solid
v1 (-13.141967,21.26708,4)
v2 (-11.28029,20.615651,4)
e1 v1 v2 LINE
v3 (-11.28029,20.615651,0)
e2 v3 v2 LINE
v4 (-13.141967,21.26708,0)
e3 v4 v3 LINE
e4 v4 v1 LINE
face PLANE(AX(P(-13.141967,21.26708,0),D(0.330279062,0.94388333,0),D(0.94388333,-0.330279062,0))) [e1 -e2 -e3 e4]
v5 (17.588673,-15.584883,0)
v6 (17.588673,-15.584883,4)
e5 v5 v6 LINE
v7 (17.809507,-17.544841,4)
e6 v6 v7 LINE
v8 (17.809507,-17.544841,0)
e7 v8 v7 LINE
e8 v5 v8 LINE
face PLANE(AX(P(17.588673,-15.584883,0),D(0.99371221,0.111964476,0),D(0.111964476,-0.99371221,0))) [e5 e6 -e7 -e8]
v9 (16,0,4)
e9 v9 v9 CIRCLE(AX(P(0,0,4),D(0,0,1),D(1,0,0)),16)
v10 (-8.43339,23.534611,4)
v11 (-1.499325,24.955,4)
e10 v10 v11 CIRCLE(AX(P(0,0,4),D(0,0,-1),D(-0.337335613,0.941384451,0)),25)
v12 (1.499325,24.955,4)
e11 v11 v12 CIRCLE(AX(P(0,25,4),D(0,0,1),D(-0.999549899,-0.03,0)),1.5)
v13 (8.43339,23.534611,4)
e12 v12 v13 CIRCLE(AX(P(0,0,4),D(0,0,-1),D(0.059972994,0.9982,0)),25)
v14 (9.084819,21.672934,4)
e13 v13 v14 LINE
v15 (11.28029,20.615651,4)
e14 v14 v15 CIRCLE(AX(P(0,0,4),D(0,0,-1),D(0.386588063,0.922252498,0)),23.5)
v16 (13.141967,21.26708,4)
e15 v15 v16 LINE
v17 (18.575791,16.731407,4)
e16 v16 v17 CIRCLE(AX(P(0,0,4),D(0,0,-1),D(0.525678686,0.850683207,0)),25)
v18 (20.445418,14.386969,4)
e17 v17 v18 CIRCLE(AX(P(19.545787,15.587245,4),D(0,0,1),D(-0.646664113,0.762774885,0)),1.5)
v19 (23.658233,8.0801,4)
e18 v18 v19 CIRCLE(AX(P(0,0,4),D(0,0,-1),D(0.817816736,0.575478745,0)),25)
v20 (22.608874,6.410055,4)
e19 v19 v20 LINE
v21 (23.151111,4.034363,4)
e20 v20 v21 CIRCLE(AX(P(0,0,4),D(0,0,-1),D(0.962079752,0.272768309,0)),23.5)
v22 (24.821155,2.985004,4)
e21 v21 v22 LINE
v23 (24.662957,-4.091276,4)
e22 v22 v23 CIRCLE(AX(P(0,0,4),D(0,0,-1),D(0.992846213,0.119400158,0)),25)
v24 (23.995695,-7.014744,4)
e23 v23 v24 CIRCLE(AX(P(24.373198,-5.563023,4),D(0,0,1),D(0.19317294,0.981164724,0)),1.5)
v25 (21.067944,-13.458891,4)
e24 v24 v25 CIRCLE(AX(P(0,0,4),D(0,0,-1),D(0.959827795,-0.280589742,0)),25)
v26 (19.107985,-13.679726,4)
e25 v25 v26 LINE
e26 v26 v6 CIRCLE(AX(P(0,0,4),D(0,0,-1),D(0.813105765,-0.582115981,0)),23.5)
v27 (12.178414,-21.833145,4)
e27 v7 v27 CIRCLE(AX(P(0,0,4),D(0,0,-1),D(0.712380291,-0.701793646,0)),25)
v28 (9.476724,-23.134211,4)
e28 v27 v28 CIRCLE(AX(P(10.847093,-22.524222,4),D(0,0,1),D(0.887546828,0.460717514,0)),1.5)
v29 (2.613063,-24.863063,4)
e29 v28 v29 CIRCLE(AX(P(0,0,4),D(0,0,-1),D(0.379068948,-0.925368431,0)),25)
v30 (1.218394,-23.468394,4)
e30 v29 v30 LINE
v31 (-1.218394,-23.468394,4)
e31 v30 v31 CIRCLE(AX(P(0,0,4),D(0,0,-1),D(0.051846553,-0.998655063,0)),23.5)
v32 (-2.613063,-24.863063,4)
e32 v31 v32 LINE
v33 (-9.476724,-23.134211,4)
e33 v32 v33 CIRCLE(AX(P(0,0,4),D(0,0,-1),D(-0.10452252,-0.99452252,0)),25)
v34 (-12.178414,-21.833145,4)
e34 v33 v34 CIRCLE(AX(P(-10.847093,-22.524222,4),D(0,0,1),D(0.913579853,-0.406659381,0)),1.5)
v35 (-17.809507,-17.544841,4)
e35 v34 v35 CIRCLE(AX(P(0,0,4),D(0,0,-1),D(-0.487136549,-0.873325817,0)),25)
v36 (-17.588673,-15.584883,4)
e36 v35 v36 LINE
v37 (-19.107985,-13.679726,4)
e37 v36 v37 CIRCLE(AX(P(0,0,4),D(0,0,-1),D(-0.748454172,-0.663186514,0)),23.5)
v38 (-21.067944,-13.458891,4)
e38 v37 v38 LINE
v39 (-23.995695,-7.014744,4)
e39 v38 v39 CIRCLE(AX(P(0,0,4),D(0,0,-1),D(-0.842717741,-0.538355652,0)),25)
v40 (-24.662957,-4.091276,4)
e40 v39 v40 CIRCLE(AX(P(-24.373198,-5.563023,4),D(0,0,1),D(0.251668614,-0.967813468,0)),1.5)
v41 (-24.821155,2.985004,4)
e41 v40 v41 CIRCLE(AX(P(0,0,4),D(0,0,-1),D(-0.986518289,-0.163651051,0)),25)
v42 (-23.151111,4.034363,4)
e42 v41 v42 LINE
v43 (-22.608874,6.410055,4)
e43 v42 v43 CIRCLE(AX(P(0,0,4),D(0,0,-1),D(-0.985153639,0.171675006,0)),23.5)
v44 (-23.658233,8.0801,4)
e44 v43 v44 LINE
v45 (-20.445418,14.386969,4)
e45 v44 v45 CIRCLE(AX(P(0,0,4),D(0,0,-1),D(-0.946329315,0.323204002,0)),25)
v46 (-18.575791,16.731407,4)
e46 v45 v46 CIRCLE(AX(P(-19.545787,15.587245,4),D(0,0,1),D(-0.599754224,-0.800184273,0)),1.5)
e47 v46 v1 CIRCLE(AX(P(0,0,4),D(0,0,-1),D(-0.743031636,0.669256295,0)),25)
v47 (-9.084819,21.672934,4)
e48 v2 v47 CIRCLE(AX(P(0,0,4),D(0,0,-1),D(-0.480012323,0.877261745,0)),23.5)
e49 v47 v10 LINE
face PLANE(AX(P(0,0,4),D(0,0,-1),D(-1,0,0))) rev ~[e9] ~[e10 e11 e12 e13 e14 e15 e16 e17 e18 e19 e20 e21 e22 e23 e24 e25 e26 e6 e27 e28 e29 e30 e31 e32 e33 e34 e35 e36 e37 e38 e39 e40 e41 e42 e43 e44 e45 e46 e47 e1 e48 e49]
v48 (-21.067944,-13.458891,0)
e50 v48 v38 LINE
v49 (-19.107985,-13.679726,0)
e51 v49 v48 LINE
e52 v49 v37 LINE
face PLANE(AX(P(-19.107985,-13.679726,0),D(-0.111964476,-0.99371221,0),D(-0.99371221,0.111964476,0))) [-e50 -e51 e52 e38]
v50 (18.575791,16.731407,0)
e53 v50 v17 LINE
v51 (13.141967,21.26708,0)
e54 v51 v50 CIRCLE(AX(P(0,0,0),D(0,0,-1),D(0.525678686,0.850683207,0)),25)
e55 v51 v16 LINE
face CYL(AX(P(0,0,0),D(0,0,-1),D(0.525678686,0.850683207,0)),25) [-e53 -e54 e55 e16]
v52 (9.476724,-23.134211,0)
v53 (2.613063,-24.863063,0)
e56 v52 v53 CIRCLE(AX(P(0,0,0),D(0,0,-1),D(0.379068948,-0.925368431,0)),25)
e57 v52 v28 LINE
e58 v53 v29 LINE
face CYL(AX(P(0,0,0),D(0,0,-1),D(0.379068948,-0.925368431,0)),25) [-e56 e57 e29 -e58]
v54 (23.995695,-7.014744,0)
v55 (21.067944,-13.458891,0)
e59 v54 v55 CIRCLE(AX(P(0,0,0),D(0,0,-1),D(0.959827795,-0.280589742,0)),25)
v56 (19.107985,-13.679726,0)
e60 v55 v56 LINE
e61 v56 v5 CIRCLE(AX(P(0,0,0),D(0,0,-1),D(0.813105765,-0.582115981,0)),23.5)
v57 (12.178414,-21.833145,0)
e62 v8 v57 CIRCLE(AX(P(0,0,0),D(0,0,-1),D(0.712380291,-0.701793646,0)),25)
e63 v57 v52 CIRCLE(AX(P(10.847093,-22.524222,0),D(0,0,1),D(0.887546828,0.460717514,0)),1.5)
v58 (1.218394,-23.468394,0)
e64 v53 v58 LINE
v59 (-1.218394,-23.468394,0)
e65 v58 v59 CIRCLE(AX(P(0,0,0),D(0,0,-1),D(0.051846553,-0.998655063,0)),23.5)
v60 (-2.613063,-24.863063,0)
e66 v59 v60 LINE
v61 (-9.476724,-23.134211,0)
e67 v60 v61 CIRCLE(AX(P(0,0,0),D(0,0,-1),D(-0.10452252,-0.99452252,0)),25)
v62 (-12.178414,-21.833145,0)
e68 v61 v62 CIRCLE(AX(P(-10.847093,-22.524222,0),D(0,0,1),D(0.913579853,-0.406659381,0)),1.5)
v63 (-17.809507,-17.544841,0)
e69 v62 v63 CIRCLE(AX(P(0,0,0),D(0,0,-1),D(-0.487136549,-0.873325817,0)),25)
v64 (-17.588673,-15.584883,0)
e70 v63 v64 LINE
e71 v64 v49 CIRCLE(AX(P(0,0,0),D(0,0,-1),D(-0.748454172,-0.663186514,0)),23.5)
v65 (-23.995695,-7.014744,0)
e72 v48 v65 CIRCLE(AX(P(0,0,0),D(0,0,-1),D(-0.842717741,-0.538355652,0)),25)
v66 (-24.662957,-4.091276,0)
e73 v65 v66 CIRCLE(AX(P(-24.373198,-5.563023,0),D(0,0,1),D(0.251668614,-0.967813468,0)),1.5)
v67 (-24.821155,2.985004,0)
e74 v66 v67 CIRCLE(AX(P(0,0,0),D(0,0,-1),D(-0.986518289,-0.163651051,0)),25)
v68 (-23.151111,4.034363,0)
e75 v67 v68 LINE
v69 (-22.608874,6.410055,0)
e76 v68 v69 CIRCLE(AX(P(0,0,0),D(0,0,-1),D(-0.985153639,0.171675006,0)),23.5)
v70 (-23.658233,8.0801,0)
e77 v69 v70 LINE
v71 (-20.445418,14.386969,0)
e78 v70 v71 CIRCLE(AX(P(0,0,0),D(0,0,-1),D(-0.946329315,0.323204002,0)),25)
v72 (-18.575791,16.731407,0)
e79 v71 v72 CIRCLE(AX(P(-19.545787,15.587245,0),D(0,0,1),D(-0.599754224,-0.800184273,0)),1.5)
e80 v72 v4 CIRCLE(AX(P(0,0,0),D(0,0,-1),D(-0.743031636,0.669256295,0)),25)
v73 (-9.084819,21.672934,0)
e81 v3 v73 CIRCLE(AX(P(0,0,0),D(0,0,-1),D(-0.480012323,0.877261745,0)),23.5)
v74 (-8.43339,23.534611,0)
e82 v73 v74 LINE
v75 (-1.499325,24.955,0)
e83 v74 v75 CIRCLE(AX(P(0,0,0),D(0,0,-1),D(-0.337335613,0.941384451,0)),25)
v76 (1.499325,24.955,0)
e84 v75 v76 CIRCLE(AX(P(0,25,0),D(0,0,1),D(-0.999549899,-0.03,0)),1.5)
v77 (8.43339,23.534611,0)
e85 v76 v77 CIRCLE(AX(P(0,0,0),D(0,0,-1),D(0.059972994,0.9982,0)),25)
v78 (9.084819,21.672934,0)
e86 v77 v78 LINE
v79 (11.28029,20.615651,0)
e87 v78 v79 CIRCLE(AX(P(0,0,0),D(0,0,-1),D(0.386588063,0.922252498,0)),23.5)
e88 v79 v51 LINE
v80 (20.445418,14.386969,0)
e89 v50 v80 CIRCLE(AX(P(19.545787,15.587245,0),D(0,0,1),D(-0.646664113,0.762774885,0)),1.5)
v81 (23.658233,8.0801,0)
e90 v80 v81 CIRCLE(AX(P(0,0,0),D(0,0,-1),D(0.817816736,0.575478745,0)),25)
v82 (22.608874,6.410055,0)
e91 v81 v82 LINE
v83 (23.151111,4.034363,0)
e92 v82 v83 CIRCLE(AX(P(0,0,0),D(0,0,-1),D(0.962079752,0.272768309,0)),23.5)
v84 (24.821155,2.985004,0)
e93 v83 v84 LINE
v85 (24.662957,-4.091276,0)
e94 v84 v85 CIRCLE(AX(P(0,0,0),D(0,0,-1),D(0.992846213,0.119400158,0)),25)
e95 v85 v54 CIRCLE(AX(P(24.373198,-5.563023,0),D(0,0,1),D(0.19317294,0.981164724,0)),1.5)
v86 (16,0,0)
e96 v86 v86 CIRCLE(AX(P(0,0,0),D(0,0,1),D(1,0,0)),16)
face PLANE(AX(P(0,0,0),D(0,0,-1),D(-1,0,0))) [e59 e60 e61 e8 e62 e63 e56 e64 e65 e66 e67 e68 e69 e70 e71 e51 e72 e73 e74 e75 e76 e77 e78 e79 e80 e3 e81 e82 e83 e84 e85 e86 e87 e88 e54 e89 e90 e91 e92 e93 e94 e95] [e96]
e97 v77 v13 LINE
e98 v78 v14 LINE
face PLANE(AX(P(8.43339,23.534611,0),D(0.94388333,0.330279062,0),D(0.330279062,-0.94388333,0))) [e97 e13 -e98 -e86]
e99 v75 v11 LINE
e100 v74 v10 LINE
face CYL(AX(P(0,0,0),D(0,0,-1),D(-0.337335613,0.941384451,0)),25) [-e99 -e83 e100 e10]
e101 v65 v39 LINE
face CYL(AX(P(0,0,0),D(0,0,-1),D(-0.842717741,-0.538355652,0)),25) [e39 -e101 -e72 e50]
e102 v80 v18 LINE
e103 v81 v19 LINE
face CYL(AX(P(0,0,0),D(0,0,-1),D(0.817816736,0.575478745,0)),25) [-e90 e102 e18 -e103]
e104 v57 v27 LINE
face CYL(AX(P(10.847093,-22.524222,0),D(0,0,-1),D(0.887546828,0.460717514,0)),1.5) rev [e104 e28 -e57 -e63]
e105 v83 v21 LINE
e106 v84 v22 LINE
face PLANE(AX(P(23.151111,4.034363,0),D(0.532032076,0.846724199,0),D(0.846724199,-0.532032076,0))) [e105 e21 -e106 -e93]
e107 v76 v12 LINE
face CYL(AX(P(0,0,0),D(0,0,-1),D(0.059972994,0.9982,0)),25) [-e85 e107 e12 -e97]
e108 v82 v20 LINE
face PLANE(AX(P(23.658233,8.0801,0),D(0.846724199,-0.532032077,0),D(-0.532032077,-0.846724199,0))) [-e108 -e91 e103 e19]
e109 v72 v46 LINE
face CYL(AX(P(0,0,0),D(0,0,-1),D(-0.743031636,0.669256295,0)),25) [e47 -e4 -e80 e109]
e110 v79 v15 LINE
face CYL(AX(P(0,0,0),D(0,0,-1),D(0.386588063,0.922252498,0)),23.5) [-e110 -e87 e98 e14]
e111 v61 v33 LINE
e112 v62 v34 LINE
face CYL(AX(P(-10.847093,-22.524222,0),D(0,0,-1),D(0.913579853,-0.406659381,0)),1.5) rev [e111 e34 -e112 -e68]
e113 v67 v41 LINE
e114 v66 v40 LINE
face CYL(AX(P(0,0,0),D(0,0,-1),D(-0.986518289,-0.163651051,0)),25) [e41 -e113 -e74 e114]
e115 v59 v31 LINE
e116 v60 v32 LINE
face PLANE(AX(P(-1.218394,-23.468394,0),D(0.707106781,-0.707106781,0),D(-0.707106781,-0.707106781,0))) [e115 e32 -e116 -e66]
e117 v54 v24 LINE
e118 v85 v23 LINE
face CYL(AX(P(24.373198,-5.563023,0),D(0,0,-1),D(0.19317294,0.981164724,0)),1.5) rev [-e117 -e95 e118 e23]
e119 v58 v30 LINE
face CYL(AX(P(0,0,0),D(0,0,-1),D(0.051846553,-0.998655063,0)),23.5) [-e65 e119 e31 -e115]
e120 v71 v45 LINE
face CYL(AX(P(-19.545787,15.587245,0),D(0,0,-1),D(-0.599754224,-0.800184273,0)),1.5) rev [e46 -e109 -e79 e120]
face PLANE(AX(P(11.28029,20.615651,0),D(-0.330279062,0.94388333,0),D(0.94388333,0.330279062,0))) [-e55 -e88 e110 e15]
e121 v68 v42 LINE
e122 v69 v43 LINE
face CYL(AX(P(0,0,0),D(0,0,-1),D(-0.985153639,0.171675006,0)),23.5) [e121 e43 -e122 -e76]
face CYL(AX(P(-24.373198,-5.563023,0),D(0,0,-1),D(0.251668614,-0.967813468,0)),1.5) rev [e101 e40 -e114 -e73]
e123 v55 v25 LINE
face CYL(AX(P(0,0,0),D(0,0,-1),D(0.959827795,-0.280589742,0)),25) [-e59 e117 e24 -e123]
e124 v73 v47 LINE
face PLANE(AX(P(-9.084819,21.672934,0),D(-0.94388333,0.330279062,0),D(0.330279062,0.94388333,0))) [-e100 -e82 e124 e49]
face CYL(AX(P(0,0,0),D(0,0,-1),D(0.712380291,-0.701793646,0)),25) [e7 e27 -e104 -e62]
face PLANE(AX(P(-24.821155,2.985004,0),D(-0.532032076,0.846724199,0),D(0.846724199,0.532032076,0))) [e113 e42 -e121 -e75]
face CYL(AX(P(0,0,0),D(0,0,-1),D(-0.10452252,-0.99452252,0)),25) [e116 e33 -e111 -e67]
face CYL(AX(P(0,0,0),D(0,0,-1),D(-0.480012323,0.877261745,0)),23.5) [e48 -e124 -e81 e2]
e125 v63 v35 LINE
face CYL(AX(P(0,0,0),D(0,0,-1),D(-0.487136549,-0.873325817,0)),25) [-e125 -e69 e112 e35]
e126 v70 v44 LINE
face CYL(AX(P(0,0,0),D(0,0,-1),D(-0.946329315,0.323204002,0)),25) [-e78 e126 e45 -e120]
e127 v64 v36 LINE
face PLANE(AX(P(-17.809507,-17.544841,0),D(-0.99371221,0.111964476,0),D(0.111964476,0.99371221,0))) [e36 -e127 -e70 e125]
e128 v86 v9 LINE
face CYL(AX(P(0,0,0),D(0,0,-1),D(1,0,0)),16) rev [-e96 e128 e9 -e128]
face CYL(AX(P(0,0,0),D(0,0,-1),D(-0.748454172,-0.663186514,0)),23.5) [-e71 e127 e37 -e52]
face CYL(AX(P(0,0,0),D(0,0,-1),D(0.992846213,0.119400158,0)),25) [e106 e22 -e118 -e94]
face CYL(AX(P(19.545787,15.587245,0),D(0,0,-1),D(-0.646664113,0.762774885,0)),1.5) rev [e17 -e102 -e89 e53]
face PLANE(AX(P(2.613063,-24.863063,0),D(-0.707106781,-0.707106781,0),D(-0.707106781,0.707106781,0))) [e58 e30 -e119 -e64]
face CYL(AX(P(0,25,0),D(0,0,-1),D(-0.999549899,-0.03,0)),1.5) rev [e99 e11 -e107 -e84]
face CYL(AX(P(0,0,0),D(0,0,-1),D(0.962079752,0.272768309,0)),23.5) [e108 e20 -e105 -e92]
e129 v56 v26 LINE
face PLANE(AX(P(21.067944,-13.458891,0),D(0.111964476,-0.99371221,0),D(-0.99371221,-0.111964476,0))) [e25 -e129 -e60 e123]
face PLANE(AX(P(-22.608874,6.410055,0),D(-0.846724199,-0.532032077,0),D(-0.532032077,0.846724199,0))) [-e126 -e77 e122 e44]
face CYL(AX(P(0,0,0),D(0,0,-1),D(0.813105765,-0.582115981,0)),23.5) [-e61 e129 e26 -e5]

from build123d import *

# Parameters (mm, degrees)
SKETCH1_R           = 16
BOSS_EXTRUDE1_DEPTH = 4


with BuildPart() as part:
    # Sketch1 → Boss-Extrude1 (new body)
    with BuildSketch(Plane.XY):
        with BuildLine():
            Line((23.658232882, 8.080100055), (22.60887418, 6.410055249))
            ThreePointArc((22.60887418, 6.410055249), (22.910805936, 5.229241948), (23.151110514, 4.034362646))
            Line((23.151110514, 4.034362646), (24.821155321, 2.985003945))
            ThreePointArc((24.821155321, 2.985003945), (24.993754895, -0.558763162), (24.662957214, -4.091276263))
            ThreePointArc((24.662957214, -4.091276263), (22.910805936, -5.229241948), (23.995694883, -7.014743551))
            ThreePointArc((23.995694883, -7.014743551), (22.761033302, -10.340955615), (21.067943537, -13.458891304))
            Line((21.067943537, -13.458891304), (19.107985481, -13.679725541))
            ThreePointArc((19.107985481, -13.679725541), (18.373039838, -14.652010344), (17.588673036, -15.584883087))
            Line((17.588673036, -15.584883087), (17.809507272, -17.544841143))
            ThreePointArc((17.809507272, -17.544841143), (15.146492656, -19.889287575), (12.178413721, -21.833145427))
            ThreePointArc((12.178413721, -21.833145427), (10.196267869, -21.172768396), (9.476723699, -23.13421077))
            ThreePointArc((9.476723699, -23.13421077), (6.106387485, -24.242772776), (2.613063, -24.863063))
            Line((2.613063, -24.863063), (1.218393982, -23.468393982))
            ThreePointArc((1.218393982, -23.468393982), (0, -23.5), (-1.218393982, -23.468393982))
            Line((-1.218393982, -23.468393982), (-2.613063, -24.863063))
            ThreePointArc((-2.613063, -24.863063), (-6.106387485, -24.242772776), (-9.476723699, -23.13421077))
            ThreePointArc((-9.476723699, -23.13421077), (-10.196267869, -21.172768396), (-12.178413721, -21.833145427))
            ThreePointArc((-12.178413721, -21.833145427), (-15.146492656, -19.889287575), (-17.809507272, -17.544841143))
            Line((-17.809507272, -17.544841143), (-17.588673036, -15.584883087))
            ThreePointArc((-17.588673036, -15.584883087), (-18.373039838, -14.652010344), (-19.107985481, -13.679725541))
            Line((-19.107985481, -13.679725541), (-21.067943537, -13.458891304))
            ThreePointArc((-21.067943537, -13.458891304), (-22.761033302, -10.340955615), (-23.995694883, -7.014743551))
            ThreePointArc((-23.995694883, -7.014743551), (-22.910805936, -5.229241948), (-24.662957214, -4.091276263))
            ThreePointArc((-24.662957214, -4.091276263), (-24.993754895, -0.558763162), (-24.821155321, 2.985003945))
            Line((-24.821155321, 2.985003945), (-23.151110514, 4.034362646))
            ThreePointArc((-23.151110514, 4.034362646), (-22.910805936, 5.229241948), (-22.60887418, 6.410055249))
            Line((-22.60887418, 6.410055249), (-23.658232882, 8.080100055))
            ThreePointArc((-23.658232882, 8.080100055), (-22.276156802, 11.347812041), (-20.445418397, 14.386968637))
            ThreePointArc((-20.445418397, 14.386968637), (-18.373039838, 14.652010344), (-18.575790893, 16.731407374))
            ThreePointArc((-18.575790893, 16.731407374), (-16.020209918, 19.192521309), (-13.141967154, 21.267080179))
            Line((-13.141967154, 21.267080179), (-11.280289579, 20.615651021))
            ThreePointArc((-11.280289579, 20.615651021), (-10.196267869, 21.172768396), (-9.084819485, 21.672933694))
            Line((-9.084819485, 21.672933694), (-8.433390327, 23.534611269))
            ThreePointArc((-8.433390327, 23.534611269), (-5.01687988, 24.491445778), (-1.499324848, 24.955))
            ThreePointArc((-1.499324848, 24.955), (0, 23.5), (1.499324848, 24.955))
            ThreePointArc((1.499324848, 24.955), (5.01687988, 24.491445778), (8.433390327, 23.534611269))
            Line((8.433390327, 23.534611269), (9.084819485, 21.672933694))
            ThreePointArc((9.084819485, 21.672933694), (10.196267869, 21.172768396), (11.280289579, 20.615651021))
            Line((11.280289579, 20.615651021), (13.141967154, 21.267080179))
            ThreePointArc((13.141967154, 21.267080179), (16.020209918, 19.192521309), (18.575790893, 16.731407374))
            ThreePointArc((18.575790893, 16.731407374), (18.373039838, 14.652010344), (20.445418397, 14.386968637))
            ThreePointArc((20.445418397, 14.386968637), (22.276156802, 11.347812041), (23.658232882, 8.080100055))
        make_face()
        Circle(SKETCH1_R, mode=Mode.SUBTRACT)
    extrude(amount=BOSS_EXTRUDE1_DEPTH)


solid = part.part
